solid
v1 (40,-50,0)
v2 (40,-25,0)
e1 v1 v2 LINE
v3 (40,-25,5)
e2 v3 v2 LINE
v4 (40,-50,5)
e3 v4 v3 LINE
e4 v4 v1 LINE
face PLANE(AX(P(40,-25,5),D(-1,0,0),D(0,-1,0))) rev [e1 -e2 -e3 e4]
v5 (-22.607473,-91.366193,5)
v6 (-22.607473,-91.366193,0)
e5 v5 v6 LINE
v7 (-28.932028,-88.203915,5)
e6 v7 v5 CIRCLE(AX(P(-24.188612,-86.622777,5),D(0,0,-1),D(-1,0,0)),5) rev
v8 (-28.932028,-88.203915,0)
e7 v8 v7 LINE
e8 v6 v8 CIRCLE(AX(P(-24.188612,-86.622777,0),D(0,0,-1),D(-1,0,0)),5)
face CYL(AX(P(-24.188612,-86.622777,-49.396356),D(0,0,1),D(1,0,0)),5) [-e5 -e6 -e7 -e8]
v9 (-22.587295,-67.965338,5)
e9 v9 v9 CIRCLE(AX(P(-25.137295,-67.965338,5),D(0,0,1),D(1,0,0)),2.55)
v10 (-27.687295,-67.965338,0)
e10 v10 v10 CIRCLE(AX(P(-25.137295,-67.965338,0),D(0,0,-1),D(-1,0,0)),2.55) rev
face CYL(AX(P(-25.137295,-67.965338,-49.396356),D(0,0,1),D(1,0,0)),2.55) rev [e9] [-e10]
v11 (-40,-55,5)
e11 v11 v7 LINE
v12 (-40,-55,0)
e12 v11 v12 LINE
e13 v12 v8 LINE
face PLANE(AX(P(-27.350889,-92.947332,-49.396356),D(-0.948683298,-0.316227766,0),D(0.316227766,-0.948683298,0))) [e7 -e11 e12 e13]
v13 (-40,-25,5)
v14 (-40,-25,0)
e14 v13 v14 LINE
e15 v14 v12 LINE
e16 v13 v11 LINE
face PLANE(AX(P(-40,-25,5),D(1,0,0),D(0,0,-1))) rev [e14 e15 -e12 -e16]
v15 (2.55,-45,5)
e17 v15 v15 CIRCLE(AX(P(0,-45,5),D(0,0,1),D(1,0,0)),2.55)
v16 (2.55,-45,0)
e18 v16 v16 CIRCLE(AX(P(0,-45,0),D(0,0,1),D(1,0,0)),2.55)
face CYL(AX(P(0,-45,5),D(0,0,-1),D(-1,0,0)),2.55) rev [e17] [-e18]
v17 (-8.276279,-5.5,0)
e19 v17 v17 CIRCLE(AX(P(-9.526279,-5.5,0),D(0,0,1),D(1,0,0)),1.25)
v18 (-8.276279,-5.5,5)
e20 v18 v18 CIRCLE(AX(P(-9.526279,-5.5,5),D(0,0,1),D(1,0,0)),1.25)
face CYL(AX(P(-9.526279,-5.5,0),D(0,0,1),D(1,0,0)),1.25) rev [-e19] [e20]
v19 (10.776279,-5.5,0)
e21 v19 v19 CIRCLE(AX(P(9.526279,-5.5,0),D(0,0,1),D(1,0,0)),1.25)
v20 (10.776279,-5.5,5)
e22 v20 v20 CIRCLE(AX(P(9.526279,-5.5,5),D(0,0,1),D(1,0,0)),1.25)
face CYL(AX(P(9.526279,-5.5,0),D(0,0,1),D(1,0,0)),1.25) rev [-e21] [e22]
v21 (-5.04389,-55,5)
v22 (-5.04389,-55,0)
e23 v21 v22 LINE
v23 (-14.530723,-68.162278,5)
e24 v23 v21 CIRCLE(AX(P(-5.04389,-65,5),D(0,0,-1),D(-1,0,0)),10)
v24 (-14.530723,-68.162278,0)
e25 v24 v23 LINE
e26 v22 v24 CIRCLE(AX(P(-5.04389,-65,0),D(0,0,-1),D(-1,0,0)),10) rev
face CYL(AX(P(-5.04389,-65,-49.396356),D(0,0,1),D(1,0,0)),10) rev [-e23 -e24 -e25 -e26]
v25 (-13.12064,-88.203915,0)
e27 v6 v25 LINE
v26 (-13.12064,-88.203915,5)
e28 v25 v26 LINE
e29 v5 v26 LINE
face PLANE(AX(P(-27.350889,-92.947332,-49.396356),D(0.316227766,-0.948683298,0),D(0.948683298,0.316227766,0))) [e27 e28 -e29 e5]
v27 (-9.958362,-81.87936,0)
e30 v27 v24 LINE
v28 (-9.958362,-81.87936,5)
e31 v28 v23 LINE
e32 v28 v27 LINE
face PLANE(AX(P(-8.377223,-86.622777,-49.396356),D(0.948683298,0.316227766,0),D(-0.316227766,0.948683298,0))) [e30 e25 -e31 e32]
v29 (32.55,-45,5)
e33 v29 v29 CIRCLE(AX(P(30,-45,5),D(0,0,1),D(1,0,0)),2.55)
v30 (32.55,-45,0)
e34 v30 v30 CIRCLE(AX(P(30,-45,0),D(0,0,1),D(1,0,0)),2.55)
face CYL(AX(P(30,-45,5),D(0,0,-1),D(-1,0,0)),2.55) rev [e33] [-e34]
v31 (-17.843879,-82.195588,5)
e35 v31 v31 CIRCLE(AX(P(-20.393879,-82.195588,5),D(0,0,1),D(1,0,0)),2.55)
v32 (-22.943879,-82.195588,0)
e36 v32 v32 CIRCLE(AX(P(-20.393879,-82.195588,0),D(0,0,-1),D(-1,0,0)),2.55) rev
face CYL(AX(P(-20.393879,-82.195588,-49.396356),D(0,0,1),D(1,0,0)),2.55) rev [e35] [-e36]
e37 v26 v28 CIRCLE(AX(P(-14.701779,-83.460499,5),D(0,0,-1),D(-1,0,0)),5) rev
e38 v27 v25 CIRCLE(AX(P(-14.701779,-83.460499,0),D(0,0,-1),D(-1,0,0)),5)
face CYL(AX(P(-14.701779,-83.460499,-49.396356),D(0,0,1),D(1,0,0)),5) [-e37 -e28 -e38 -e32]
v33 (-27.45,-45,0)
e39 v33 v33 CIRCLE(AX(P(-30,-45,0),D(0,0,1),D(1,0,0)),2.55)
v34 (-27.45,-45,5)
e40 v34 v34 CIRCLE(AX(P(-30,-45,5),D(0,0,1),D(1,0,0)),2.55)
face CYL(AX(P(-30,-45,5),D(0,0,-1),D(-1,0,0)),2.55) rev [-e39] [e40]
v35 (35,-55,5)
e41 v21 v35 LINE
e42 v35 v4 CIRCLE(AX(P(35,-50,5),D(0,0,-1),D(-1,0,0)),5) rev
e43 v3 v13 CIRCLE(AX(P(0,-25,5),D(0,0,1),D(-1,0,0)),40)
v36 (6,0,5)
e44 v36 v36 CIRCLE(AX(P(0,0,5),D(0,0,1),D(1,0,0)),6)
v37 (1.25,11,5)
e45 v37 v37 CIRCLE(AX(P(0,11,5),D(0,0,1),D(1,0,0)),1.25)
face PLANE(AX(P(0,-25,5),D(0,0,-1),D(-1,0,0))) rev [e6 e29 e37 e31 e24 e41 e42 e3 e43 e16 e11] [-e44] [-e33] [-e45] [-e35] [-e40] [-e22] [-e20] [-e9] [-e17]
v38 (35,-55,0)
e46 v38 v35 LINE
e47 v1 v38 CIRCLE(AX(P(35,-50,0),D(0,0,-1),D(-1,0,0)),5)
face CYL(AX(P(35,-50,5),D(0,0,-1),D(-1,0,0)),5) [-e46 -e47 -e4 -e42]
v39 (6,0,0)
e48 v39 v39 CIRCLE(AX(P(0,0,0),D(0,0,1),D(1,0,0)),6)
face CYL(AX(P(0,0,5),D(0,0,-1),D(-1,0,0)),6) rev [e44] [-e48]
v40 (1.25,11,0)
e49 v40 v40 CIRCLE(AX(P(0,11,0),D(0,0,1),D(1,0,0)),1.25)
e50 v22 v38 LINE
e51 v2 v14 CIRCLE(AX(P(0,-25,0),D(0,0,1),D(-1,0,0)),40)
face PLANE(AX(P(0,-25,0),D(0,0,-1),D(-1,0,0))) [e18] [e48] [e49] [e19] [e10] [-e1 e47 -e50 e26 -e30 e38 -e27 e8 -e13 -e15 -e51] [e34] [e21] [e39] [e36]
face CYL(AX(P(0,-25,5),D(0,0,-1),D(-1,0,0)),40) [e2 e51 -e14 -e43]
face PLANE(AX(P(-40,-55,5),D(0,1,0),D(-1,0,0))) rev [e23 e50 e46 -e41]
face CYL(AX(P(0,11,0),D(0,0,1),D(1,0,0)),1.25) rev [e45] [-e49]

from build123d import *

# Parameters (mm, degrees)
SKETCH_1_R          = 6
SKETCH_1_R_2        = 2.55
EXTRUDE_1_DEPTH     = 5
SKETCH_2_R          = 2.55
EXTRUDE_2_DEPTH     = 5
FILLET_1_R          = 10
FILLET_2_R          = 5
SKETCH_3_R          = 1.25
CUT_EXTRUDE_1_DEPTH = 101.098617334


with BuildPart() as part:
    # ｽｹｯﾁ1 → ﾎﾞｽ - 押し出し1 (new body)
    with BuildSketch(Plane.XY):
        with BuildLine():
            Line((-40, -55), (40, -55))
            Line((40, -55), (40, -25))
            ThreePointArc((40, -25), (0, 15), (-40, -25))
            Line((-40, -25), (-40, -55))
        make_face()
        Circle(SKETCH_1_R, mode=Mode.SUBTRACT)
        with Locations((-30, -45)):
            Circle(SKETCH_1_R_2, mode=Mode.SUBTRACT)
        with Locations((0, -45)):
            Circle(SKETCH_1_R_2, mode=Mode.SUBTRACT)
        with Locations((30, -45)):
            Circle(SKETCH_1_R_2, mode=Mode.SUBTRACT)
    extrude(amount=EXTRUDE_1_DEPTH)

    # ｽｹｯﾁ2 → ﾎﾞｽ - 押し出し2 (add)
    with BuildSketch(Plane.XY.offset(5)):
        Polygon((-27.350889359, -92.947331922), (-40, -55), (-18.918148932, -55), (-8.377223398, -86.622776602), align=None)
        with Locations((-20.393878507, -82.195587877)):
            Circle(SKETCH_2_R, mode=Mode.SUBTRACT)
        with Locations((-25.137294997, -67.965338407)):
            Circle(SKETCH_2_R, mode=Mode.SUBTRACT)
    extrude(amount=-EXTRUDE_2_DEPTH)

    # ﾌｨﾚｯﾄ1
    fillet_1_edges = [part.edges().sort_by_distance(p)[0] for p in [
        (-18.918148932, -55, 2.5),
    ]]
    fillet(fillet_1_edges, radius=FILLET_1_R)

    # ﾌｨﾚｯﾄ2
    fillet_2_edges = [part.edges().sort_by_distance(p)[0] for p in [
        (-8.377223398, -86.622776602, 2.5),
        (-27.350889359, -92.947331922, 2.5),
        (40, -55, 2.5),
    ]]
    fillet(fillet_2_edges, radius=FILLET_2_R)

    # ｽｹｯﾁ3 → ｶｯﾄ - 押し出し1 (cut, through all)
    with BuildSketch(Plane.XY.offset(5)):
        with Locations((0, 11)):
            Circle(SKETCH_3_R)
        with Locations((9.526279442, -5.5)):
            Circle(SKETCH_3_R)
        with Locations((-9.526279442, -5.5)):
            Circle(SKETCH_3_R)
    extrude(amount=-CUT_EXTRUDE_1_DEPTH, mode=Mode.SUBTRACT)


solid = part.part
